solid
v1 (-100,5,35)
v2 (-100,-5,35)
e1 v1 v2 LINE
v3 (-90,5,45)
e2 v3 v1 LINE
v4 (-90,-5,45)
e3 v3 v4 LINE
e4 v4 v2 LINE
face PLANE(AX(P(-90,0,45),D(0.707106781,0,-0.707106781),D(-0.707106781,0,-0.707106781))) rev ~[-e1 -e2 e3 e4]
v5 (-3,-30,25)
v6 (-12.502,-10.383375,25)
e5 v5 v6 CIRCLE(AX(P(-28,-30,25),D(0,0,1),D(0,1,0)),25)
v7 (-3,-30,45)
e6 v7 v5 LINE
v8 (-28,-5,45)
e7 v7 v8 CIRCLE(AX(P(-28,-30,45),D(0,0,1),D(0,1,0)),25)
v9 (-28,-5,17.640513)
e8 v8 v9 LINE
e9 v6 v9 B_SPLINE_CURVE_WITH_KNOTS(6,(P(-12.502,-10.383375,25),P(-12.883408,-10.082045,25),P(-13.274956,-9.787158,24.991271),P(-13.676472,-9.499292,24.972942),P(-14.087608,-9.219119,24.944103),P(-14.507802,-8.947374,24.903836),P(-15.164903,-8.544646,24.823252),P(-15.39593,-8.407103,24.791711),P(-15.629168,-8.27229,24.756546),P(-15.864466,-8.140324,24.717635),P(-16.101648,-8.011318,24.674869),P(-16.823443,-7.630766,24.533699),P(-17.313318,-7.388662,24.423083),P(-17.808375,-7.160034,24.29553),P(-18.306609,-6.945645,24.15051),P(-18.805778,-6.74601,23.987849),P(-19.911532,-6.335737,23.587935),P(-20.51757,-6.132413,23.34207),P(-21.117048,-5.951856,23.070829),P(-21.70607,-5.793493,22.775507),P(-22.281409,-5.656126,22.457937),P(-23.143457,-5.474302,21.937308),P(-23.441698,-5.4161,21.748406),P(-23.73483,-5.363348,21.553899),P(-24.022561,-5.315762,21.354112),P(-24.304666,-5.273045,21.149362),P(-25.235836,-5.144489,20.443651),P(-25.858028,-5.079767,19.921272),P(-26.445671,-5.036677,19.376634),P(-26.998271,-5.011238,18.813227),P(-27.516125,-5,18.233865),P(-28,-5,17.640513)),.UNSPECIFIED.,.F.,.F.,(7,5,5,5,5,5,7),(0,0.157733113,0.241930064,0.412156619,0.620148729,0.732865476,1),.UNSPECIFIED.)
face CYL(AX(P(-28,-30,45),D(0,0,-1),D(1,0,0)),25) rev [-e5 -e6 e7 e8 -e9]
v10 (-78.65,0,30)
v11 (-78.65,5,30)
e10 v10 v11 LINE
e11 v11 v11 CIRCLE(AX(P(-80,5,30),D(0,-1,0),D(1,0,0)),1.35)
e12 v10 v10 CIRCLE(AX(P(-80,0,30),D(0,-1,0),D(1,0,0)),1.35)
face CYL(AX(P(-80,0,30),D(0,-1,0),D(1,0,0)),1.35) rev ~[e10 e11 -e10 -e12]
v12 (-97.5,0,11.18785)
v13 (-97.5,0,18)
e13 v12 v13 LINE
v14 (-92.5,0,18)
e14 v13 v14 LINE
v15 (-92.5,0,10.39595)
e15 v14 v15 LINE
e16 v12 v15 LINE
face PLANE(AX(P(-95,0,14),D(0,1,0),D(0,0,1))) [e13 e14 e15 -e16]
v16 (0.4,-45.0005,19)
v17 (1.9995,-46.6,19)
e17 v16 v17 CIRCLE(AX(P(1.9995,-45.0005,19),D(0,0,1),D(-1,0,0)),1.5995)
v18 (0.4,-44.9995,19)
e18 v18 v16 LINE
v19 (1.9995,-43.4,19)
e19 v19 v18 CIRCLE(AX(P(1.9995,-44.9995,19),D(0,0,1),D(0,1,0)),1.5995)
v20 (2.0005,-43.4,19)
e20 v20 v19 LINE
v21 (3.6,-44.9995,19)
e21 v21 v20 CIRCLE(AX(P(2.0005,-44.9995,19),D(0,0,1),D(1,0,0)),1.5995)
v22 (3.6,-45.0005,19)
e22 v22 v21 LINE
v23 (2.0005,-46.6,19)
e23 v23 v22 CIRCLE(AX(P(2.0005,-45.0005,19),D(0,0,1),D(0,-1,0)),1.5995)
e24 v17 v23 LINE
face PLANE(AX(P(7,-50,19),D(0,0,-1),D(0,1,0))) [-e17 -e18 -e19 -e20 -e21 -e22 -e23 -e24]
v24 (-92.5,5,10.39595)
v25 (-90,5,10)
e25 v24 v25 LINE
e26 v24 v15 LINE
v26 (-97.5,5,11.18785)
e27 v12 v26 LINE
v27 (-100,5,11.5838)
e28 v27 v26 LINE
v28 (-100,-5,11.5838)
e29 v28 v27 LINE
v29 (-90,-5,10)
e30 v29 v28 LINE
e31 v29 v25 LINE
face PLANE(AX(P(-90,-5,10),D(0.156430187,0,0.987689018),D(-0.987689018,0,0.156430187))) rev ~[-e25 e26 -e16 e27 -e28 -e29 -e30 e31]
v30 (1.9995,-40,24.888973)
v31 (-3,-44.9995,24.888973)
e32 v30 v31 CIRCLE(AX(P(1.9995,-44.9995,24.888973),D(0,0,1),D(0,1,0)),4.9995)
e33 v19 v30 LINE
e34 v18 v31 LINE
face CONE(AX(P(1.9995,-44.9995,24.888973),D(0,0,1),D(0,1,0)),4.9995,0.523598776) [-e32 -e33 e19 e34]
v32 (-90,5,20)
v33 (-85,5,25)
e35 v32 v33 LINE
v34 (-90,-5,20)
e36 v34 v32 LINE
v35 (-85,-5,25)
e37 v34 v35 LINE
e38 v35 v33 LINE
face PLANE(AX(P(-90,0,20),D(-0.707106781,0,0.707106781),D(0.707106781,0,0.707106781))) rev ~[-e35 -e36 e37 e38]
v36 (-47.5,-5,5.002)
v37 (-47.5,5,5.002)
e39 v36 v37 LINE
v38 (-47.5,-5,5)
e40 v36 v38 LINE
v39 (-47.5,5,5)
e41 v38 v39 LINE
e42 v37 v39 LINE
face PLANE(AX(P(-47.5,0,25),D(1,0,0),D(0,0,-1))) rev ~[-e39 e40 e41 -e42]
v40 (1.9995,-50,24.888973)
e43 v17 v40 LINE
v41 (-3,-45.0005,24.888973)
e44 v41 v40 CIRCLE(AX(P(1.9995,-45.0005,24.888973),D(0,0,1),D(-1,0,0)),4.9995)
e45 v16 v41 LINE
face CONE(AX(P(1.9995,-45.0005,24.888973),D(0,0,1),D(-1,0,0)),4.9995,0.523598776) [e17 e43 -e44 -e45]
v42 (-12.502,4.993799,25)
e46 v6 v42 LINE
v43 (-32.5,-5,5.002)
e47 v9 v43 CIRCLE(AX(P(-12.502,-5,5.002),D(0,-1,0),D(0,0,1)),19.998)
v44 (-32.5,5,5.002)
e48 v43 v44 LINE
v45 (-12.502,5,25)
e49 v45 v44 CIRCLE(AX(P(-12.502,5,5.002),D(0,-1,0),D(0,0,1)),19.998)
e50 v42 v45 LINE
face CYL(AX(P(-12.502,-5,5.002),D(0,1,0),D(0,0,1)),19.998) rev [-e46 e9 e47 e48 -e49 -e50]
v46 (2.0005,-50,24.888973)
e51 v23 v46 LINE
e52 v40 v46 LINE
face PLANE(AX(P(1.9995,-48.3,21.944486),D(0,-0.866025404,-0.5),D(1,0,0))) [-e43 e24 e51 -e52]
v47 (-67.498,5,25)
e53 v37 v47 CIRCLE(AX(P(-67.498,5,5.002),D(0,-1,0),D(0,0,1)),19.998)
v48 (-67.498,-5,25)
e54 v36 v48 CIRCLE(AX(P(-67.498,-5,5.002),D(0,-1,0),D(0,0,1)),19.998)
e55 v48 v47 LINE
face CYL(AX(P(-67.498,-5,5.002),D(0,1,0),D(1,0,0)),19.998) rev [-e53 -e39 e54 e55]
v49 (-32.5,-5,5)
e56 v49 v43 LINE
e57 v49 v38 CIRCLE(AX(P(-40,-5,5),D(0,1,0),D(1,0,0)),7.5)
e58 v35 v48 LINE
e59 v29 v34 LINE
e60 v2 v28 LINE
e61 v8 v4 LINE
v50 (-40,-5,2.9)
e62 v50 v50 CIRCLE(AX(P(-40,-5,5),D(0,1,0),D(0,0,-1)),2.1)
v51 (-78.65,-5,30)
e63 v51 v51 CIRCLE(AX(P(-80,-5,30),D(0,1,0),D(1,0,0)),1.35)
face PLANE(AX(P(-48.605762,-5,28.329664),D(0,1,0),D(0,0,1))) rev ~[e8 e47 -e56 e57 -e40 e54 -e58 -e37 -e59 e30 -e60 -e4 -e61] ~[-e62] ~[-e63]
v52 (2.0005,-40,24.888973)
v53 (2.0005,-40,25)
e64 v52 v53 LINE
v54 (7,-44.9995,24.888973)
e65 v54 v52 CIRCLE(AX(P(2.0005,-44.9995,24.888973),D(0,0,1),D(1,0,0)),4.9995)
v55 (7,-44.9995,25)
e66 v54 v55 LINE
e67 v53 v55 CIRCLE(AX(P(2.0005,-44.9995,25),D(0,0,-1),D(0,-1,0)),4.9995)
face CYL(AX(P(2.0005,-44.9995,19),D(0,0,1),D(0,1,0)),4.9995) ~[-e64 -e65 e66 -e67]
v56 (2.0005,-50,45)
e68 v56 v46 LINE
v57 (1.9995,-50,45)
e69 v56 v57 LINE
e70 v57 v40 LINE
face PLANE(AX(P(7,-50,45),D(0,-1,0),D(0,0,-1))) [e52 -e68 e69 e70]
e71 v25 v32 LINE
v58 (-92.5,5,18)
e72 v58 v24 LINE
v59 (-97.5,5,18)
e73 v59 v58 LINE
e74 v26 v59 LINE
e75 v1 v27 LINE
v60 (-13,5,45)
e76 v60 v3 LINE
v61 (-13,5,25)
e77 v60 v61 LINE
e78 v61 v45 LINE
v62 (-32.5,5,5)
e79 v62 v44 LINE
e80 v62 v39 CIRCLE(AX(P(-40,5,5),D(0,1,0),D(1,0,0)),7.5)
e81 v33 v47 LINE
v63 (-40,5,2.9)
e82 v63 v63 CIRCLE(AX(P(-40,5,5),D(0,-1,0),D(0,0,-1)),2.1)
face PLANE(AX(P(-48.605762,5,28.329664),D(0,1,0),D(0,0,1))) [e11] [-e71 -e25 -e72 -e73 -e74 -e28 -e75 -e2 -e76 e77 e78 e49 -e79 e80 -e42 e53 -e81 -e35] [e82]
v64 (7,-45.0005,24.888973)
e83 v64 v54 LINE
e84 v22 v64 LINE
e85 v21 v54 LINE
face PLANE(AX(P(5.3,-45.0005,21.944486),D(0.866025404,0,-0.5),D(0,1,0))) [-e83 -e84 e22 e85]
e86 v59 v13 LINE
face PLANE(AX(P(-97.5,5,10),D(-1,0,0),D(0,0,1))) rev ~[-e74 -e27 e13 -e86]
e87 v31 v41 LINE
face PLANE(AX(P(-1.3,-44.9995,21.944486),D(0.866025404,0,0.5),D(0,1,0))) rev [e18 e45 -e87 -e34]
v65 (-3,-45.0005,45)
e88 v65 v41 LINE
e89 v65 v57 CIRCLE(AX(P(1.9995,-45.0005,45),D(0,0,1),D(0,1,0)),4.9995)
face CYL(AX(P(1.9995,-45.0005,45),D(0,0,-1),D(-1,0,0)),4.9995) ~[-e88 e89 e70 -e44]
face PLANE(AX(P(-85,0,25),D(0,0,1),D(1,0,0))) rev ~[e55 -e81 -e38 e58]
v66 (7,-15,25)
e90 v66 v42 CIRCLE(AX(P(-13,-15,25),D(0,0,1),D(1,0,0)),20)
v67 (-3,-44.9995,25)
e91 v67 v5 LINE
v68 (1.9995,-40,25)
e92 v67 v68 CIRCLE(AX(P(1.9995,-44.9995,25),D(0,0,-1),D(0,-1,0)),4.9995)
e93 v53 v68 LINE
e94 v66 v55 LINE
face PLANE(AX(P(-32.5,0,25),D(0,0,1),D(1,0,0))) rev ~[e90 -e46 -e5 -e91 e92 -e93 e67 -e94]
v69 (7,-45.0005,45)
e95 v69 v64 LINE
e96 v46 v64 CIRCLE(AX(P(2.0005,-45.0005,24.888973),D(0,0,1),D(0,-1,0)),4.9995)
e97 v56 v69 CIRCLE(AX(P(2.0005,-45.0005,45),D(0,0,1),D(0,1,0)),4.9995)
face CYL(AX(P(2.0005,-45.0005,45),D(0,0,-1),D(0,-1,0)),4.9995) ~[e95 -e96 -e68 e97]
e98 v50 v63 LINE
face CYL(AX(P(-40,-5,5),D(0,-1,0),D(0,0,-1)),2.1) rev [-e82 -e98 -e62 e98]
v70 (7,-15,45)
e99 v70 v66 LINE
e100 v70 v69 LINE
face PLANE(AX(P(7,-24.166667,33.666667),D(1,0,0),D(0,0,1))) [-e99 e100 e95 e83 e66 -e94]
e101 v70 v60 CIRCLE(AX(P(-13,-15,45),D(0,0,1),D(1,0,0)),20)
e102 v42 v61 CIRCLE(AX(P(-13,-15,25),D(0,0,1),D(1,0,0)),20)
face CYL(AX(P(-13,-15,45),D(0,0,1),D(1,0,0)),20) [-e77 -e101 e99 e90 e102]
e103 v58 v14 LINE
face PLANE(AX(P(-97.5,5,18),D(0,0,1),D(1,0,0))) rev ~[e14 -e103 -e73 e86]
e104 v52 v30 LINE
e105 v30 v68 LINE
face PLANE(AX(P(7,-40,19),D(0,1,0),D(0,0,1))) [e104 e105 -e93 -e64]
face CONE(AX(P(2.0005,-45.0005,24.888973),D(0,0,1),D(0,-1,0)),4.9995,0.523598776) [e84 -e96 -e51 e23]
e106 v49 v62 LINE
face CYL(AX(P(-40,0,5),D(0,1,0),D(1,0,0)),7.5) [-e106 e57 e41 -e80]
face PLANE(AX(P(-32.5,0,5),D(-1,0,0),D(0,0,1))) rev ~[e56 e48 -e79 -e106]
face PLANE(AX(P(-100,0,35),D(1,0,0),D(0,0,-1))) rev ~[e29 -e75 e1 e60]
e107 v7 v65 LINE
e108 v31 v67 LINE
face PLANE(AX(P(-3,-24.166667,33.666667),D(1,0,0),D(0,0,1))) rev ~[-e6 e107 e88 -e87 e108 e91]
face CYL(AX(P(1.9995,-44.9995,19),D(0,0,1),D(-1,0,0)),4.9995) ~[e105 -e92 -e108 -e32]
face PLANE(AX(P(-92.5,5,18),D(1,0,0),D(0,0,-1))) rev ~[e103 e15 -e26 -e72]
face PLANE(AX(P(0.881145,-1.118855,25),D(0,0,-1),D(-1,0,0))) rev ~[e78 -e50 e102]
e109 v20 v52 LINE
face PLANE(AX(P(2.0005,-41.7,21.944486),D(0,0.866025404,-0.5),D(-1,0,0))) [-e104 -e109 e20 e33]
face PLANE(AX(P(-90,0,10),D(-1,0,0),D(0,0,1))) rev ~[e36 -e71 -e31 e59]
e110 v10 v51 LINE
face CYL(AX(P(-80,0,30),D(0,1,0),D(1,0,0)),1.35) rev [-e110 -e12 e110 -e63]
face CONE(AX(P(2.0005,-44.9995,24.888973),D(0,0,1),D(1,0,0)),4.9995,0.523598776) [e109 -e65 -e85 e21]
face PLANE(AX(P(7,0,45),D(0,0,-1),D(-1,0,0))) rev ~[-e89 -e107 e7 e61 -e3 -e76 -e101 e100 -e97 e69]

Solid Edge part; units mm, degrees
sketch "Sketch1" plane through (0, 0, 0) normal (0, -1, 0) x (1, 0, 0)
  line L0 (7, 45) -> (7, 25)
  line L1 (-32.5, 25) -> (7, 25)
  line L2 (-32.5, 5) -> (-32.5, 25)
  arc A0 (-32.5, 5) -> (-47.5, 5) centre (-40, 5) cw
  line L3 (-47.5, 25) -> (-47.5, 5)
  line L4 (-85, 25) -> (-47.5, 25)
  line L5 (-90, 20) -> (-85, 25)
  line L6 (-90, 10) -> (-90, 20)
  line L7 (-100, 10) -> (-90, 10)
  line L8 (-100, 35) -> (-100, 10)
  line L9 (-90, 45) -> (-100, 35)
  line L10 (7, 45) -> (-90, 45)
  dimension "D1" = 10
  dimension "D2" = 10
  dimension "D3" = 10
  dimension "D4" = 100
  dimension "D5" = 15
  dimension "D6" = 5
  dimension "D7" = 7
  dimension "D8" = 5
  dimension "D9" = 40
extrude "Protrusion1" add sketch "Sketch1" along normal mid plane 10
sketch "Sketch2" plane through (0, 0, 0) normal (0, -1, 0) x (1, 0, 0)
  circle A0 centre (-80, 30) radius 1.35
  dimension "D1" = 30
  dimension "D2" = 80
extrude "ExtrudedCutout_3" cut sketch "Sketch2" along normal mid plane 29.2691
hole "Hole_1" at (-40, -5, 5) direction (0, 1, 0) diameter 4.2 end up to next
fillet "Round_7" radius 20 2 edges at (-47.5, 0, 25) (-32.5, 0, 25)
sketch "Sketch3" plane through (7, 0, 30) normal (1, 0, 0) x (0, 1, 0)
  line L0 (5, 15) -> (-50, 15)
  line L1 (-50, 15) -> (-50, -11)
  line L2 (-50, -11) -> (-40, -11)
  line L3 (-40, -11) -> (-40, -5)
  line L4 (-40, -5) -> (5, -5)
  line L5 (5, -5) -> (5, 15)
  dimension "D1" = 10
  dimension "D2" = 6
extrude "ExtrudedProtrusion_3" add sketch "Sketch3" against normal blind 10
fillet "Round_8" radius 5 4 edges at (-3, -50, 32) (7, -50, 32) (-3, -40, 22) (7, -40, 22)
chamfer "Chamfer_5" distance 3.4 angle 60 1 edges at (7, -45, 19) measured on face at (-1.2333, -48.4333, 19)
fillet "Round_9" radius 20 1 edges at (7, 5, 35)
fillet "Round_10" radius 25 1 edges at (-3, -5, 35)
sketch "Sketch4" plane through (-50, 5, 17.5) normal (0, 1, 0) x (1, 0, 0)
  line L0 (-47.5, 7.5) -> (-47.5, -0.5)
  line L1 (-47.5, -0.5) -> (-42.5, -0.5)
  line L2 (-42.5, -0.5) -> (-42.5, 7.5)
  line L3 (-42.5, 7.5) -> (-47.5, 7.5)
  dimension "D1" = 5
  dimension "D2" = 8
extrude "ExtrudedCutout_5" cut sketch "Sketch4" against normal blind 5
sketch "Sketch5" plane through (-65, -5, 17.5) normal (0, -1, 0) x (1, 0, 0)
  line L0 (-25, -7.5) -> (-35, -5.9162)
  line L1 (-35, -5.9162) -> (-35, -7.5)
  line L2 (-35, -7.5) -> (-25, -7.5)
extrude "ExtrudedCutout_6" cut sketch "Sketch5" against normal blind 31.7921
properties material "PPA-CF"
